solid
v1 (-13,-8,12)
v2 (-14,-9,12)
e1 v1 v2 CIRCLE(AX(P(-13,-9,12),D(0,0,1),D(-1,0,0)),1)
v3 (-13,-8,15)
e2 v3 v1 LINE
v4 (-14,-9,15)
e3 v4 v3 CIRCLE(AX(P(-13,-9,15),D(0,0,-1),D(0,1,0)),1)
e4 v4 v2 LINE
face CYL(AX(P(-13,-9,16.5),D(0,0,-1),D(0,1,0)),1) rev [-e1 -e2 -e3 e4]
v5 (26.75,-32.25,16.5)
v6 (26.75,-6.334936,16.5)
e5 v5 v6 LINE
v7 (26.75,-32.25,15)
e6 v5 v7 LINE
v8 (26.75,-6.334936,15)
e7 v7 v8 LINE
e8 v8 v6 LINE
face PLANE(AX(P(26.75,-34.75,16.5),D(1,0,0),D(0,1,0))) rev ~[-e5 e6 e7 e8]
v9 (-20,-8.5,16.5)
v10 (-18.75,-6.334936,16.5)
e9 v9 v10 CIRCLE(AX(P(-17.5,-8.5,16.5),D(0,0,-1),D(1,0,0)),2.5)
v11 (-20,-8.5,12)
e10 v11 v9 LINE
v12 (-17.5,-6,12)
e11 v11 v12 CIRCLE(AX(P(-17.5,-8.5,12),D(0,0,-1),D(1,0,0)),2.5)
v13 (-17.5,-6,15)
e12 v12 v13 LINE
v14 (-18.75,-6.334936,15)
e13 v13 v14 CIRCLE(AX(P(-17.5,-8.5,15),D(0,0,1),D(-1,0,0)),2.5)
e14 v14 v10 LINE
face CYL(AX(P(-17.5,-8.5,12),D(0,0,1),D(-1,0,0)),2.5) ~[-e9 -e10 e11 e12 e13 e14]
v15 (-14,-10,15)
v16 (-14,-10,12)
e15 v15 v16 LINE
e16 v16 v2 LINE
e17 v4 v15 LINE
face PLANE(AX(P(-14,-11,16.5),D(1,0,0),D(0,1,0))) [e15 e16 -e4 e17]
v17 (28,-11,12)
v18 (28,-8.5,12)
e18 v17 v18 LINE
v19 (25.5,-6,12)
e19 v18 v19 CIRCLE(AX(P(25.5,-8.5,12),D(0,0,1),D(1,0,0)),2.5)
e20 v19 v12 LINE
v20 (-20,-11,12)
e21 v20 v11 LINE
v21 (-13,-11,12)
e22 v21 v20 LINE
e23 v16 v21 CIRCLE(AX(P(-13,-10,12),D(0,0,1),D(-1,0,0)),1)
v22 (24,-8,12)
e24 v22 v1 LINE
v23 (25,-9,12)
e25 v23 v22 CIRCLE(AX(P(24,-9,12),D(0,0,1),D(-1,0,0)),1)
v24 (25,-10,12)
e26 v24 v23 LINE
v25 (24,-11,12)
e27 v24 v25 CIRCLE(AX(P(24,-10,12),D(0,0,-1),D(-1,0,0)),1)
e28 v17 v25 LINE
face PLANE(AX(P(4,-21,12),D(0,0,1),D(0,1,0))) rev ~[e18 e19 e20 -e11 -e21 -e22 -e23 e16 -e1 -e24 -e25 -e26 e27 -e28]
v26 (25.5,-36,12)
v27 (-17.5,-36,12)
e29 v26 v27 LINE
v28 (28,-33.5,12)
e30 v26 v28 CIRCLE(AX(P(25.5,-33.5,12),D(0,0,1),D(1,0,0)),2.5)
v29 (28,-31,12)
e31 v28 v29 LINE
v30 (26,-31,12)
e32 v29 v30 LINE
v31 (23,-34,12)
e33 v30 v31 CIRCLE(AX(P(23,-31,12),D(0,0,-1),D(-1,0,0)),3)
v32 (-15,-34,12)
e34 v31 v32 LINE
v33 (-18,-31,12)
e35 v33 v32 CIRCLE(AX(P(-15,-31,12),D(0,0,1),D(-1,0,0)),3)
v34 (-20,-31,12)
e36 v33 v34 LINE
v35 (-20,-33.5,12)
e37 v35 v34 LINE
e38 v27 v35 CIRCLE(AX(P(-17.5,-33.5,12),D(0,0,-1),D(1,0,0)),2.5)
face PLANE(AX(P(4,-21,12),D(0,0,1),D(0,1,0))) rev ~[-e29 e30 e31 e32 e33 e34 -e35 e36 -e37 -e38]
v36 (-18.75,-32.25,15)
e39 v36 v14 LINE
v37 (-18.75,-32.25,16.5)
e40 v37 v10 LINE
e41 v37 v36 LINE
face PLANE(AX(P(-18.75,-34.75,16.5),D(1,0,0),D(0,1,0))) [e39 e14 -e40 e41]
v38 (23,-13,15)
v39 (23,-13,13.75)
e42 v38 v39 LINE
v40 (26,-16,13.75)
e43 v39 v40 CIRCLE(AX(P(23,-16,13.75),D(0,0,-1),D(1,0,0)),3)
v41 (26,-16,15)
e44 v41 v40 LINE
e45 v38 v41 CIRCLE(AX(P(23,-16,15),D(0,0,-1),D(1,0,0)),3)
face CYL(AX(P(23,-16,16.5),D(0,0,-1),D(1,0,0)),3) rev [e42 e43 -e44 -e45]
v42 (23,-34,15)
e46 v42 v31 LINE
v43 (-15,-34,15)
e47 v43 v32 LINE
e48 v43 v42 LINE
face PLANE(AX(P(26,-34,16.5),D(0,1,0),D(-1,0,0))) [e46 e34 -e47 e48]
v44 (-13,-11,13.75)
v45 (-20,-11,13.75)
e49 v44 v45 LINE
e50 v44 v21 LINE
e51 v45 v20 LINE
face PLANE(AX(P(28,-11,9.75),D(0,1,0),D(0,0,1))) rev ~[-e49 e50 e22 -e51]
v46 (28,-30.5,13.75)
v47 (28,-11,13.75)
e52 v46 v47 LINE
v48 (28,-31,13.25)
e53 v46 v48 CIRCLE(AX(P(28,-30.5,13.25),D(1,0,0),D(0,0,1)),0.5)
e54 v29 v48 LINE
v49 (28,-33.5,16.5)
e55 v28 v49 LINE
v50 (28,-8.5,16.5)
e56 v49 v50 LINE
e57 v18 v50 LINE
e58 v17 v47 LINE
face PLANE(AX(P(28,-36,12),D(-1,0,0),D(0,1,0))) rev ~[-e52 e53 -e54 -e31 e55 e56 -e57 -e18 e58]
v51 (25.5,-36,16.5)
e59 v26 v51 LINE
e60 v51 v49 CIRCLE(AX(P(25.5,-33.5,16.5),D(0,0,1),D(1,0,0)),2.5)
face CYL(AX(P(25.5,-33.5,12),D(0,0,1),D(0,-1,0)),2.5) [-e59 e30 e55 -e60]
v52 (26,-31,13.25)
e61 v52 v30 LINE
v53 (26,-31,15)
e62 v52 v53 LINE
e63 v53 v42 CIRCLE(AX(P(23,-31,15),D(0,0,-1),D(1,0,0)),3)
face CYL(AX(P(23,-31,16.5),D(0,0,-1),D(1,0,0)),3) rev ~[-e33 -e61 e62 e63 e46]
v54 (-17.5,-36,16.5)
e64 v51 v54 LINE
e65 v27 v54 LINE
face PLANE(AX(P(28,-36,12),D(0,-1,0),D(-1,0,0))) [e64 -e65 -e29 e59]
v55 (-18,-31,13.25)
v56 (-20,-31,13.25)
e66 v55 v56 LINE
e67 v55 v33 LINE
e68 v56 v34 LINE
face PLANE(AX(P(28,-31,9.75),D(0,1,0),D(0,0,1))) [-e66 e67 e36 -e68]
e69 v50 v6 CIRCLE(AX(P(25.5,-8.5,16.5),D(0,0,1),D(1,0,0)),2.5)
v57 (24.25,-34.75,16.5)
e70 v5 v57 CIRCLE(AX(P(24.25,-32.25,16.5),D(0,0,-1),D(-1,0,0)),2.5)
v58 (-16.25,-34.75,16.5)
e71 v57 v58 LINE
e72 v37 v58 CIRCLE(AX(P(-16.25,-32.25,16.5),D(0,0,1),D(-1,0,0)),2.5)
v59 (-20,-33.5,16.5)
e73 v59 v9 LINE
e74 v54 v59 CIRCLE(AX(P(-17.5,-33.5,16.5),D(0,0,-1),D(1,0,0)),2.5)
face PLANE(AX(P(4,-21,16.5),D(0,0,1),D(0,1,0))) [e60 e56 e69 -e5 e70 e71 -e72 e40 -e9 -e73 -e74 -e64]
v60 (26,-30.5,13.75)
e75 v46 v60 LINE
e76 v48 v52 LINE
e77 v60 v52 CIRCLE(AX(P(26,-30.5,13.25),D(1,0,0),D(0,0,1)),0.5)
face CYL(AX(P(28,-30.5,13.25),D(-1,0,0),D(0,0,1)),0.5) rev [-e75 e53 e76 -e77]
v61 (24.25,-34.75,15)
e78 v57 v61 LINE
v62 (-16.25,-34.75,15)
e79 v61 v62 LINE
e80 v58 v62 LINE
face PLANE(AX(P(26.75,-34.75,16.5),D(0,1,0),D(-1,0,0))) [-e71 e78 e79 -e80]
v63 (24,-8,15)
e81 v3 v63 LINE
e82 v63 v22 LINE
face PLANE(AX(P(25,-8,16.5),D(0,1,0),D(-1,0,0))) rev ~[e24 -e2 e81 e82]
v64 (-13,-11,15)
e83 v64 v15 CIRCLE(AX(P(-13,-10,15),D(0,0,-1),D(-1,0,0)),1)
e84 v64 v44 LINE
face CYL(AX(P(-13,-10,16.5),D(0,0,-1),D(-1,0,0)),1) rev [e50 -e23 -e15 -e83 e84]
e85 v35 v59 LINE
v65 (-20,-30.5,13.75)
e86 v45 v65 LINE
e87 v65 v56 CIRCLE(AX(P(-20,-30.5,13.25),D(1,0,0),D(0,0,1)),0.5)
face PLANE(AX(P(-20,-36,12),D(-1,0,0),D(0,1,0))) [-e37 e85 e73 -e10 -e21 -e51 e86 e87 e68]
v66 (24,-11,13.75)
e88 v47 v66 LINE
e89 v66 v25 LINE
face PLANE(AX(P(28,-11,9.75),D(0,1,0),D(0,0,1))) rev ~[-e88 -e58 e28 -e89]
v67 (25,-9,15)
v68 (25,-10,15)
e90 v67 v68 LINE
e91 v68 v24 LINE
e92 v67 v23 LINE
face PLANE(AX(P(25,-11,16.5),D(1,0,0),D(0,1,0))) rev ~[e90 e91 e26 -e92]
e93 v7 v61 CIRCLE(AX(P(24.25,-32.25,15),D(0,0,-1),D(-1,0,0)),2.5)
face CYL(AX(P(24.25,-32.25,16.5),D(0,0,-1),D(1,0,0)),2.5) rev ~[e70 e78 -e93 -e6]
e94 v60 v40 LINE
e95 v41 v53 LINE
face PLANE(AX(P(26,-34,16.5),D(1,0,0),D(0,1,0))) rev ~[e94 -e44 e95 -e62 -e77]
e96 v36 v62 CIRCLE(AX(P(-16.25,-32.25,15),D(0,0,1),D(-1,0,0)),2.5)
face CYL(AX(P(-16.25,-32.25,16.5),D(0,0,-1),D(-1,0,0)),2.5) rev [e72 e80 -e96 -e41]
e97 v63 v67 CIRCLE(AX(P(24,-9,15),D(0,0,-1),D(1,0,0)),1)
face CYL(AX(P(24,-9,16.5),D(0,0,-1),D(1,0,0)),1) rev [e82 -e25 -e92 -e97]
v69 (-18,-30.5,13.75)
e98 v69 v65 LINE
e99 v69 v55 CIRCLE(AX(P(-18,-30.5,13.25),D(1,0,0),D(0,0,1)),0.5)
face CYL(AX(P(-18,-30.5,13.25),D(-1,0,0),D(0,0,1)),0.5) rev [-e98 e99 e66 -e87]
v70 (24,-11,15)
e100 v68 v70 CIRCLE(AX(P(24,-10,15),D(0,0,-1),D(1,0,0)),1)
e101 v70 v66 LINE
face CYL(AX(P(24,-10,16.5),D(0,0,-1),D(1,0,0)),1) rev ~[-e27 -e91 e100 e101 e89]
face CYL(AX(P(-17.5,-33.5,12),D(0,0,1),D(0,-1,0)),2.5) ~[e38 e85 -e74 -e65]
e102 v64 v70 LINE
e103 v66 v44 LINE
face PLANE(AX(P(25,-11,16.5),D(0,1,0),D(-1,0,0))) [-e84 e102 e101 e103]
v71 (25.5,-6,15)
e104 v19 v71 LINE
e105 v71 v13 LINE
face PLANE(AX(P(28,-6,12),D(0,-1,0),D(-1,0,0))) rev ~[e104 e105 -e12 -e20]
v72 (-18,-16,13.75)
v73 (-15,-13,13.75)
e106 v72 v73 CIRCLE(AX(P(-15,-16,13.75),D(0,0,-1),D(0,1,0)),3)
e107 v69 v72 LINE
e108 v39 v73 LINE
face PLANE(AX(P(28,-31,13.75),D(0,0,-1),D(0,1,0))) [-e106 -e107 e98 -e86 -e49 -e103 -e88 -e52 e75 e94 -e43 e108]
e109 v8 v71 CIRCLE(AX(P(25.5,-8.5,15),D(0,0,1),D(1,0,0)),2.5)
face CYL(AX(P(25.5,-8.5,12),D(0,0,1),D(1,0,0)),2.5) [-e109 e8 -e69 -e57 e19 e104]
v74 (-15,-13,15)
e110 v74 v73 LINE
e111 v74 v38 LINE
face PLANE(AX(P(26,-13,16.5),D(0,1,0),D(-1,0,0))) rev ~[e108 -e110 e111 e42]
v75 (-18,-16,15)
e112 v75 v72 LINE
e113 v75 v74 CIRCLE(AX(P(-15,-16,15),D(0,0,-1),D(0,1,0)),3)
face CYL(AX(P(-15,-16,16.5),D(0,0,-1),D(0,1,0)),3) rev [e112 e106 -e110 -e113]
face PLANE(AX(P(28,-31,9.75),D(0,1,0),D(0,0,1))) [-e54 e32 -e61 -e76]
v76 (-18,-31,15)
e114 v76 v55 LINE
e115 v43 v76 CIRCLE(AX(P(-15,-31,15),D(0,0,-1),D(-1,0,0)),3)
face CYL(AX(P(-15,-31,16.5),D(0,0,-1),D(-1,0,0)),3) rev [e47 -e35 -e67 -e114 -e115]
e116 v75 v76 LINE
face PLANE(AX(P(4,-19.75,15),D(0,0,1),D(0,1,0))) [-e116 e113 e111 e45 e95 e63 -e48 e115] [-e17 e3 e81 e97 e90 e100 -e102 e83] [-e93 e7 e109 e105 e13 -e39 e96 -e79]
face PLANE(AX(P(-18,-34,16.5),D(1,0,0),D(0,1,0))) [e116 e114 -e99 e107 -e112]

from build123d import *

# Parameters (mm, degrees)
SKETCH135_W             = 30
SKETCH135_H             = 48
PAD050_DEPTH            = 4.5
SKETCH137_W             = 3
SKETCH137_H             = 39
SKETCH137_W_2           = 21
SKETCH137_H_2           = 44
POCKET047_DEPTH         = 5
FILLET058_R             = 3
FILLET059_R             = 2.5
FILLET060_R             = 1
SKETCH138_W             = 30
SKETCH138_H             = 45.5
POCKET048_DEPTH         = 1.5
FILLET061_R             = 2.5
SKETCH139_W             = 20
SKETCH139_H             = 4
POCKET049_DEPTH         = 48.001
FILLET062_R             = 0.5
BODY057_PLACEMENT_ANGLE = 90


with BuildPart() as part:
    # Sketch135 → Pad050 (new body)
    with BuildSketch(Plane.XY):
        Rectangle(SKETCH135_W, SKETCH135_H)
    extrude(amount=PAD050_DEPTH)

    # Sketch137 (on Face6 of Pad050) → Pocket047 (cut)
    with BuildSketch(Plane.XY.offset(4.5)):
        with Locations((11.5, -1.5)):
            Rectangle(SKETCH137_W, SKETCH137_H)
        with Locations((-2.5, 0)):
            Rectangle(SKETCH137_W_2, SKETCH137_H_2)
    extrude(amount=-POCKET047_DEPTH, mode=Mode.SUBTRACT)

    # Fillet058
    fillet058_edges = [part.edges().sort_by_distance(p)[0] for p in [
        (8, 22, 2.25),
        (-13, 22, 2.25),
        (8, -22, 2.25),
        (-13, -22, 2.25),
    ]]
    fillet(fillet058_edges, radius=FILLET058_R)

    # Fillet059
    fillet059_edges = [part.edges().sort_by_distance(p)[0] for p in [
        (-15, 24, 2.25),
        (-15, -24, 2.25),
        (15, 24, 2.25),
        (15, -24, 2.25),
    ]]
    fillet(fillet059_edges, radius=FILLET059_R)

    # Fillet060
    fillet060_edges = [part.edges().sort_by_distance(p)[0] for p in [
        (10, 18, 2.25),
        (13, 18, 2.25),
        (13, -21, 2.25),
        (10, -21, 2.25),
    ]]
    fillet(fillet060_edges, radius=FILLET060_R)

    # Sketch138 (on Face26 of Fillet060) → Pocket048 (cut)
    with BuildSketch(Plane.XY.offset(4.5)):
        with Locations((1.25, 0)):
            Rectangle(SKETCH138_W, SKETCH138_H)
    extrude(amount=-POCKET048_DEPTH, mode=Mode.SUBTRACT)

    # Fillet061
    fillet061_edges = [part.edges().sort_by_distance(p)[0] for p in [
        (-13.75, 22.75, 3.75),
        (-13.75, -22.75, 3.75),
    ]]
    fillet(fillet061_edges, radius=FILLET061_R)

    # Sketch139 (on Face27 of Fillet061) → Pocket049 (cut, through all)
    with BuildSketch(Plane.XZ.offset(24)):
        with Locations((0, -0.25)):
            Rectangle(SKETCH139_W, SKETCH139_H)
    extrude(amount=-POCKET049_DEPTH, mode=Mode.SUBTRACT)

    # Fillet062
    fillet062_edges = [part.edges().sort_by_distance(p)[0] for p in [
        (-10, -23, 1.75),
        (-10, 23, 1.75),
    ]]
    fillet(fillet062_edges, radius=FILLET062_R)


with BuildPart() as part_1:
    # Body057 placement: moved
    add(part.part.moved(Location((4, -21, 12))).rotate(Axis((4, -21, 12), (0, 0, 1)), BODY057_PLACEMENT_ANGLE))


solid = part_1.part
